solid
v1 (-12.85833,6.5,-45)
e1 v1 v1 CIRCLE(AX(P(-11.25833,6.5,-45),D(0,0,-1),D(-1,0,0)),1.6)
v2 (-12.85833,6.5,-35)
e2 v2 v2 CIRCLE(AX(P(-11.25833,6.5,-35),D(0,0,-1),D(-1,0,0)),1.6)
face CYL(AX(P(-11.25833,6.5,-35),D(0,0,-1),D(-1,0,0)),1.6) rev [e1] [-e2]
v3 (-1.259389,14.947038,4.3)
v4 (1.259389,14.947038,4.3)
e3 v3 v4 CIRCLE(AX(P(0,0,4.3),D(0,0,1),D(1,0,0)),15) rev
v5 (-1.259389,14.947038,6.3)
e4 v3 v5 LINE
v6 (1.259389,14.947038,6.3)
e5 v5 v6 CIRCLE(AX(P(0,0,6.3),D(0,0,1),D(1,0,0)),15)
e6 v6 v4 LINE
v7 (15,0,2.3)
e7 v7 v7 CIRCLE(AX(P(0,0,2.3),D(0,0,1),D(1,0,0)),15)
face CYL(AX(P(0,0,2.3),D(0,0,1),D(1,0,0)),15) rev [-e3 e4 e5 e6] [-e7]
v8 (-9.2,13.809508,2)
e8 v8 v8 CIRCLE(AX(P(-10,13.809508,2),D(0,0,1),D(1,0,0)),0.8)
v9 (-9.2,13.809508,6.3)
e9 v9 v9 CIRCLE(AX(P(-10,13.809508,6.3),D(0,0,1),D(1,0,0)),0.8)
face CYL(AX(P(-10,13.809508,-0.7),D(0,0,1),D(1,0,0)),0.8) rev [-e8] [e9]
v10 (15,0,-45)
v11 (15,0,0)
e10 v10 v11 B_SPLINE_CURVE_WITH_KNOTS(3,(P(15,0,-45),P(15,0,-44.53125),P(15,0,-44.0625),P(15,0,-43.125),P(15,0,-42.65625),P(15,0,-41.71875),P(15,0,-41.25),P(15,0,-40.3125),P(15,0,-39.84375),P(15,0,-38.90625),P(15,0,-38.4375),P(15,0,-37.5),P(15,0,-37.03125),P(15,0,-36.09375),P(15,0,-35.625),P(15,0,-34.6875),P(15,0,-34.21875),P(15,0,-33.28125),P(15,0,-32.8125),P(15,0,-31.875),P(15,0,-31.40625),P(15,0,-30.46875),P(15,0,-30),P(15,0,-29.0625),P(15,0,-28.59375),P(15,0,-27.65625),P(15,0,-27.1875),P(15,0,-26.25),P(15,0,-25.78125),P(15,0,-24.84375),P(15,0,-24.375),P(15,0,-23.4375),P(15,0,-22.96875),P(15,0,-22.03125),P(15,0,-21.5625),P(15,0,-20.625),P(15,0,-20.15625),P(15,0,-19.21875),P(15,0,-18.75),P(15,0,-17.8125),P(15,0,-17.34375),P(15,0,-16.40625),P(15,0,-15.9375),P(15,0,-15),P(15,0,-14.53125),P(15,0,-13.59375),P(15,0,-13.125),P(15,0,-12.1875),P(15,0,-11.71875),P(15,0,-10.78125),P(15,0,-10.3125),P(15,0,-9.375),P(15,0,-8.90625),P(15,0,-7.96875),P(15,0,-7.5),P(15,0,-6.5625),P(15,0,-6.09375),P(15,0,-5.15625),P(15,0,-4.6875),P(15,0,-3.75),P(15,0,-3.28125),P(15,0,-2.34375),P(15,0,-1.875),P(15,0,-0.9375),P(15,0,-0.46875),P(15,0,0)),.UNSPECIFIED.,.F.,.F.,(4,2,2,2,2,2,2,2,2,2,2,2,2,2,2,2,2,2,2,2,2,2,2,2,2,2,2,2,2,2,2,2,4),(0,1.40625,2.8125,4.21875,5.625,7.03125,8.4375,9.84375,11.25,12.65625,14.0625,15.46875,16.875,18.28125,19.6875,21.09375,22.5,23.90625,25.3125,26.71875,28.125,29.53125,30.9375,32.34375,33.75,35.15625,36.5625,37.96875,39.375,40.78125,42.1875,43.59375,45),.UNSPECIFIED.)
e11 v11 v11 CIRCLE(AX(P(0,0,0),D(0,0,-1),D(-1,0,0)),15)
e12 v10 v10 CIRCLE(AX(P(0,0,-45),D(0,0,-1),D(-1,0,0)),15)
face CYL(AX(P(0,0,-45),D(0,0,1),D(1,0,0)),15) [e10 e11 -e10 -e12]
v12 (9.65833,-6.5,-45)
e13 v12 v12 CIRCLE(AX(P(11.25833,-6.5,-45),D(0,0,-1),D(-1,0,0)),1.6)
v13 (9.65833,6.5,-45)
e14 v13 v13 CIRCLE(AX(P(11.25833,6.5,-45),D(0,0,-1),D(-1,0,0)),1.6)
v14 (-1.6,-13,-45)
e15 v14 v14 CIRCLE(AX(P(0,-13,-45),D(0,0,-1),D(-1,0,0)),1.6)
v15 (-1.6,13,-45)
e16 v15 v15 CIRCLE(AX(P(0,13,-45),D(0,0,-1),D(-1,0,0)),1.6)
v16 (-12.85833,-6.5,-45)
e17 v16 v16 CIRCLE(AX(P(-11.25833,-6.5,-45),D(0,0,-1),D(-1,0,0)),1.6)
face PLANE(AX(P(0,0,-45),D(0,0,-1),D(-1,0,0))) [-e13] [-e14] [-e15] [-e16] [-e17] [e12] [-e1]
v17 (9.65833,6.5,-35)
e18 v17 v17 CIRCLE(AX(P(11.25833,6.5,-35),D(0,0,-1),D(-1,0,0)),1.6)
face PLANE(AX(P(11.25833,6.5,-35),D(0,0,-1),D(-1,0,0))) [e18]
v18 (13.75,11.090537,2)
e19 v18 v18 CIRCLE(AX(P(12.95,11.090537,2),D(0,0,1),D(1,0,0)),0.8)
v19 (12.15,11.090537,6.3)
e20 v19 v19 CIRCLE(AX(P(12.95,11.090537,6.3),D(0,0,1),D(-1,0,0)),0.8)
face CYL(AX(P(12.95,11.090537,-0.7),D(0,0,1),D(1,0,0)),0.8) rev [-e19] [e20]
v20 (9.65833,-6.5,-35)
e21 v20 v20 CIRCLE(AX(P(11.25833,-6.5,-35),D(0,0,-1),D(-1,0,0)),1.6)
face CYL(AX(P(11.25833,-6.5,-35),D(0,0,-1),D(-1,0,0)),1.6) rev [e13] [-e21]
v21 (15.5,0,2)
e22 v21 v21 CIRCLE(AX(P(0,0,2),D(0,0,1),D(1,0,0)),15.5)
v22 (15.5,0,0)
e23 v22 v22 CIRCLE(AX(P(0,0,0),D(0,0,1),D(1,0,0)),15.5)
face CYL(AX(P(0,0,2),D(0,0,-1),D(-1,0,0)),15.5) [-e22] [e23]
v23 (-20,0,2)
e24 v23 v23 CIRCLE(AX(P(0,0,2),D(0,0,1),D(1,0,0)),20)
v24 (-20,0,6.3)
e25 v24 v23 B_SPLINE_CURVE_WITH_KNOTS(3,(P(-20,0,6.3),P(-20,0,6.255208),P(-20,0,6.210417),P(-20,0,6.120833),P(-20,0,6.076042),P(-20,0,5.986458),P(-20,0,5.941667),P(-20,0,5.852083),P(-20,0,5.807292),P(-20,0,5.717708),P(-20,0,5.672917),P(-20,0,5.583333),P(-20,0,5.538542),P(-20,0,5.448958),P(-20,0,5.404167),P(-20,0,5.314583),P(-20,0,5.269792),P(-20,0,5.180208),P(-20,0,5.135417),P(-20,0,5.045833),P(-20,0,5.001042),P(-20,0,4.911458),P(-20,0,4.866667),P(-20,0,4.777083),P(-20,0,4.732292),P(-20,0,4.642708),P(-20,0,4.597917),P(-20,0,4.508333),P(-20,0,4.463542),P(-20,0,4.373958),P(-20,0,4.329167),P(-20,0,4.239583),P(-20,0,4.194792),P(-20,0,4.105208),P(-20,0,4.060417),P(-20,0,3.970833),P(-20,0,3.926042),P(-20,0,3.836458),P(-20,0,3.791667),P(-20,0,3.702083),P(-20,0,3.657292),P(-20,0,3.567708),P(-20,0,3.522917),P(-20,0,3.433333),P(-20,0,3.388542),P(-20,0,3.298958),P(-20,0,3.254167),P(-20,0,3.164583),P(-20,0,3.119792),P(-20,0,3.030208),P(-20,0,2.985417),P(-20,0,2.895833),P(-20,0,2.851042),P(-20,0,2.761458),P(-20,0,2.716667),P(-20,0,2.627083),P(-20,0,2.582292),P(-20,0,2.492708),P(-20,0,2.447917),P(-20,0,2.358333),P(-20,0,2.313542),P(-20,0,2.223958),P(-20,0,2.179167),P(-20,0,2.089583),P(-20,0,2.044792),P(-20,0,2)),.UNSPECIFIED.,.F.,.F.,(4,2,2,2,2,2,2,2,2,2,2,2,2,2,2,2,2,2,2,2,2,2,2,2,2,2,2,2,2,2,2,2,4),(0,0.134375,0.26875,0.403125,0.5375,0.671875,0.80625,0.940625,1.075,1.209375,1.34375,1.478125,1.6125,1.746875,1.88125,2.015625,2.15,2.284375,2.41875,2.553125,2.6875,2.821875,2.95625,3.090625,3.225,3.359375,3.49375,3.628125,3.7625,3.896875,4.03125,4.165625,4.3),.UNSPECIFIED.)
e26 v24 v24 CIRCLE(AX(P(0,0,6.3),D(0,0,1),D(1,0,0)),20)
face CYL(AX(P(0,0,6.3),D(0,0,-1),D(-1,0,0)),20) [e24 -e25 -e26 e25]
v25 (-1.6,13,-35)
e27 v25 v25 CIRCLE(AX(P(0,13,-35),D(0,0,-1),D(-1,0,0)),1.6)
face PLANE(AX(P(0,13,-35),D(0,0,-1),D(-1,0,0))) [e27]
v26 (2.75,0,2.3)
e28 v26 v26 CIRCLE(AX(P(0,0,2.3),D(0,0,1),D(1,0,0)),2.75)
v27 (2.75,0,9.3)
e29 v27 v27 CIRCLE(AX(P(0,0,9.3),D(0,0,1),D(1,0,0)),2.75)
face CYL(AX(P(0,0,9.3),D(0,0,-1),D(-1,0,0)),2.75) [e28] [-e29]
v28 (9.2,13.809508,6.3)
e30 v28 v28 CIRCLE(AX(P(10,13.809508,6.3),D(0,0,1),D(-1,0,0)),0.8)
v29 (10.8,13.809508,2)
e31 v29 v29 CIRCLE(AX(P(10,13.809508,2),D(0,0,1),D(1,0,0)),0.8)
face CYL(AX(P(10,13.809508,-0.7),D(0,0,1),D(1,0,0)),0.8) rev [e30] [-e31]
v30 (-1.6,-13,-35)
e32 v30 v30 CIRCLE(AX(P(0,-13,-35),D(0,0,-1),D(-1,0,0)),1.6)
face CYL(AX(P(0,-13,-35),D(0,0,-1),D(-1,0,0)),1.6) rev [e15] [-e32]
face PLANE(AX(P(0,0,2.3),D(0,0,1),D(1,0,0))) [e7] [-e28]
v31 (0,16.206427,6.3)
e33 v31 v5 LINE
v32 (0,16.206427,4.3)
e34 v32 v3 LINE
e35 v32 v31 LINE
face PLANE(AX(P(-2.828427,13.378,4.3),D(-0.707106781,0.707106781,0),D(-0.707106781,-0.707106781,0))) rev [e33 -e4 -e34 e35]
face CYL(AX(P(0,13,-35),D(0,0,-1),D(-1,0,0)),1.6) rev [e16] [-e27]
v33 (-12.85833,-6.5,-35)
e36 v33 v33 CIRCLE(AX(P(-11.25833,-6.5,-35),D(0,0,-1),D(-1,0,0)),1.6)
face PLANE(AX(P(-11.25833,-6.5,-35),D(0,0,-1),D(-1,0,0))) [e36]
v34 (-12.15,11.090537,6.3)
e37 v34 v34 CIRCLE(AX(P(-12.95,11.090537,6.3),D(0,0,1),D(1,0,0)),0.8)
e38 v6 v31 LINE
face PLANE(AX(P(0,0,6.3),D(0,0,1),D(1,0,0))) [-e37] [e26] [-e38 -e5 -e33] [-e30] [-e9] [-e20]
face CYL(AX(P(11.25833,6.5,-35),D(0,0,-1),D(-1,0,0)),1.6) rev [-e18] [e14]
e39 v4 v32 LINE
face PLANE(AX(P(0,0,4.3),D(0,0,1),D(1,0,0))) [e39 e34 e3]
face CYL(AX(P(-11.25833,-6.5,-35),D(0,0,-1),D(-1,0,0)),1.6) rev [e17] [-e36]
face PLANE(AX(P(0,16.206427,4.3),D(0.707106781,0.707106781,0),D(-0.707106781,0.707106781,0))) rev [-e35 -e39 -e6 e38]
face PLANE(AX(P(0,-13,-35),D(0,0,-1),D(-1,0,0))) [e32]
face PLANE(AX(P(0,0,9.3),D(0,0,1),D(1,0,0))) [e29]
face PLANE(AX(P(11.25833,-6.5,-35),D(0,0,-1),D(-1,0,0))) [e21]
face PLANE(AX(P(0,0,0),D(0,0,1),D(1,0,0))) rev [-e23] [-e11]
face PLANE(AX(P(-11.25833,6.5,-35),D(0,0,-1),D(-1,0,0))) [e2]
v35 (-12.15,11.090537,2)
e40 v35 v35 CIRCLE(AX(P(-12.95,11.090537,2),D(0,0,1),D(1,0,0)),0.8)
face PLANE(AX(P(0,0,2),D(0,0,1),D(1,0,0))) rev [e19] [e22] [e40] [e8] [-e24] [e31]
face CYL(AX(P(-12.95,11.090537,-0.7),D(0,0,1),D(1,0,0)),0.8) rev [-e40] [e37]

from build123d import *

# Parameters (mm, degrees)
SKETCH_2_R          = 15.5
EXTRUDE_1_DEPTH     = 2
SKETCH_3_R          = 15
EXTRUDE_2_DEPTH     = 45
SKETCH_4_R          = 20
EXTRUDE_3_DEPTH     = 4.3
SKETCH_5_R          = 15
CUT_EXTRUDE_2_DEPTH = 4
SKETCH_6_R          = 2.75
EXTRUDE_4_DEPTH     = 7
SKETCH_7_R          = 0.8
CUT_EXTRUDE_3_DEPTH = 7
CUT_EXTRUDE_4_DEPTH = 2
SKETCH_10_R         = 1.6
CUT_EXTRUDE_5_DEPTH = 10


with BuildPart() as part:
    # 草图2 → 凸台-拉伸1 (new body)
    with BuildSketch(Plane.XY):
        Circle(SKETCH_2_R)
    extrude(amount=EXTRUDE_1_DEPTH)

    # 草图3 → 凸台-拉伸2 (add)
    with BuildSketch(Plane(origin=(0, 0, 0), x_dir=(-1, 0, 0), z_dir=(0, 0, -1))):
        with Locations(Location((0, 0, 0), (0, 0, 180))):
            Circle(SKETCH_3_R)
    extrude(amount=EXTRUDE_2_DEPTH)

    # 草图4 → 凸台-拉伸3 (add)
    with BuildSketch(Plane.XY.offset(2)):
        with Locations(Location((0, 0, 0), (0, 0, 180))):
            Circle(SKETCH_4_R)
    extrude(amount=EXTRUDE_3_DEPTH)

    # 草图5 → 切除-拉伸2 (cut)
    with BuildSketch(Plane.XY.offset(6.3)):
        Circle(SKETCH_5_R)
    extrude(amount=-CUT_EXTRUDE_2_DEPTH, mode=Mode.SUBTRACT)

    # 草图6 → 凸台-拉伸4 (add)
    with BuildSketch(Plane.XY.offset(2.3)):
        Circle(SKETCH_6_R)
    extrude(amount=EXTRUDE_4_DEPTH)

    # 草图7 → 切除-拉伸3 (cut)
    with BuildSketch(Plane.XY.offset(6.3)):
        with Locations((-10, 13.809507594)):
            Circle(SKETCH_7_R)
        with Locations((10, 13.809507594)):
            Circle(SKETCH_7_R)
        with Locations((-12.95, 11.090536506)):
            Circle(SKETCH_7_R)
        with Locations((12.95, 11.090536506)):
            Circle(SKETCH_7_R)
    extrude(amount=-CUT_EXTRUDE_3_DEPTH, mode=Mode.SUBTRACT)

    # 草图9 → 切除-拉伸4 (cut)
    with BuildSketch(Plane.XY.offset(6.3)):
        Polygon((-2.828427125, 13.378), (0, 16.206427125), (2.828427125, 13.378), (0, 10.549572875), align=None)
    extrude(amount=-CUT_EXTRUDE_4_DEPTH, mode=Mode.SUBTRACT)

    # 草图10 → 切除-拉伸5 (cut)
    with BuildSketch(Plane(origin=(0, 0, -45), x_dir=(-1, 0, 0), z_dir=(0, 0, -1))):
        with Locations((11.258330249, 6.5)):
            Circle(SKETCH_10_R)
        with Locations((0, 13)):
            Circle(SKETCH_10_R)
        with Locations((11.258330249, -6.5)):
            Circle(SKETCH_10_R)
        with Locations((0, -13)):
            Circle(SKETCH_10_R)
        with Locations((-11.258330249, -6.5)):
            Circle(SKETCH_10_R)
        with Locations((-11.258330249, 6.5)):
            Circle(SKETCH_10_R)
    extrude(amount=-CUT_EXTRUDE_5_DEPTH, mode=Mode.SUBTRACT)


solid = part.part
